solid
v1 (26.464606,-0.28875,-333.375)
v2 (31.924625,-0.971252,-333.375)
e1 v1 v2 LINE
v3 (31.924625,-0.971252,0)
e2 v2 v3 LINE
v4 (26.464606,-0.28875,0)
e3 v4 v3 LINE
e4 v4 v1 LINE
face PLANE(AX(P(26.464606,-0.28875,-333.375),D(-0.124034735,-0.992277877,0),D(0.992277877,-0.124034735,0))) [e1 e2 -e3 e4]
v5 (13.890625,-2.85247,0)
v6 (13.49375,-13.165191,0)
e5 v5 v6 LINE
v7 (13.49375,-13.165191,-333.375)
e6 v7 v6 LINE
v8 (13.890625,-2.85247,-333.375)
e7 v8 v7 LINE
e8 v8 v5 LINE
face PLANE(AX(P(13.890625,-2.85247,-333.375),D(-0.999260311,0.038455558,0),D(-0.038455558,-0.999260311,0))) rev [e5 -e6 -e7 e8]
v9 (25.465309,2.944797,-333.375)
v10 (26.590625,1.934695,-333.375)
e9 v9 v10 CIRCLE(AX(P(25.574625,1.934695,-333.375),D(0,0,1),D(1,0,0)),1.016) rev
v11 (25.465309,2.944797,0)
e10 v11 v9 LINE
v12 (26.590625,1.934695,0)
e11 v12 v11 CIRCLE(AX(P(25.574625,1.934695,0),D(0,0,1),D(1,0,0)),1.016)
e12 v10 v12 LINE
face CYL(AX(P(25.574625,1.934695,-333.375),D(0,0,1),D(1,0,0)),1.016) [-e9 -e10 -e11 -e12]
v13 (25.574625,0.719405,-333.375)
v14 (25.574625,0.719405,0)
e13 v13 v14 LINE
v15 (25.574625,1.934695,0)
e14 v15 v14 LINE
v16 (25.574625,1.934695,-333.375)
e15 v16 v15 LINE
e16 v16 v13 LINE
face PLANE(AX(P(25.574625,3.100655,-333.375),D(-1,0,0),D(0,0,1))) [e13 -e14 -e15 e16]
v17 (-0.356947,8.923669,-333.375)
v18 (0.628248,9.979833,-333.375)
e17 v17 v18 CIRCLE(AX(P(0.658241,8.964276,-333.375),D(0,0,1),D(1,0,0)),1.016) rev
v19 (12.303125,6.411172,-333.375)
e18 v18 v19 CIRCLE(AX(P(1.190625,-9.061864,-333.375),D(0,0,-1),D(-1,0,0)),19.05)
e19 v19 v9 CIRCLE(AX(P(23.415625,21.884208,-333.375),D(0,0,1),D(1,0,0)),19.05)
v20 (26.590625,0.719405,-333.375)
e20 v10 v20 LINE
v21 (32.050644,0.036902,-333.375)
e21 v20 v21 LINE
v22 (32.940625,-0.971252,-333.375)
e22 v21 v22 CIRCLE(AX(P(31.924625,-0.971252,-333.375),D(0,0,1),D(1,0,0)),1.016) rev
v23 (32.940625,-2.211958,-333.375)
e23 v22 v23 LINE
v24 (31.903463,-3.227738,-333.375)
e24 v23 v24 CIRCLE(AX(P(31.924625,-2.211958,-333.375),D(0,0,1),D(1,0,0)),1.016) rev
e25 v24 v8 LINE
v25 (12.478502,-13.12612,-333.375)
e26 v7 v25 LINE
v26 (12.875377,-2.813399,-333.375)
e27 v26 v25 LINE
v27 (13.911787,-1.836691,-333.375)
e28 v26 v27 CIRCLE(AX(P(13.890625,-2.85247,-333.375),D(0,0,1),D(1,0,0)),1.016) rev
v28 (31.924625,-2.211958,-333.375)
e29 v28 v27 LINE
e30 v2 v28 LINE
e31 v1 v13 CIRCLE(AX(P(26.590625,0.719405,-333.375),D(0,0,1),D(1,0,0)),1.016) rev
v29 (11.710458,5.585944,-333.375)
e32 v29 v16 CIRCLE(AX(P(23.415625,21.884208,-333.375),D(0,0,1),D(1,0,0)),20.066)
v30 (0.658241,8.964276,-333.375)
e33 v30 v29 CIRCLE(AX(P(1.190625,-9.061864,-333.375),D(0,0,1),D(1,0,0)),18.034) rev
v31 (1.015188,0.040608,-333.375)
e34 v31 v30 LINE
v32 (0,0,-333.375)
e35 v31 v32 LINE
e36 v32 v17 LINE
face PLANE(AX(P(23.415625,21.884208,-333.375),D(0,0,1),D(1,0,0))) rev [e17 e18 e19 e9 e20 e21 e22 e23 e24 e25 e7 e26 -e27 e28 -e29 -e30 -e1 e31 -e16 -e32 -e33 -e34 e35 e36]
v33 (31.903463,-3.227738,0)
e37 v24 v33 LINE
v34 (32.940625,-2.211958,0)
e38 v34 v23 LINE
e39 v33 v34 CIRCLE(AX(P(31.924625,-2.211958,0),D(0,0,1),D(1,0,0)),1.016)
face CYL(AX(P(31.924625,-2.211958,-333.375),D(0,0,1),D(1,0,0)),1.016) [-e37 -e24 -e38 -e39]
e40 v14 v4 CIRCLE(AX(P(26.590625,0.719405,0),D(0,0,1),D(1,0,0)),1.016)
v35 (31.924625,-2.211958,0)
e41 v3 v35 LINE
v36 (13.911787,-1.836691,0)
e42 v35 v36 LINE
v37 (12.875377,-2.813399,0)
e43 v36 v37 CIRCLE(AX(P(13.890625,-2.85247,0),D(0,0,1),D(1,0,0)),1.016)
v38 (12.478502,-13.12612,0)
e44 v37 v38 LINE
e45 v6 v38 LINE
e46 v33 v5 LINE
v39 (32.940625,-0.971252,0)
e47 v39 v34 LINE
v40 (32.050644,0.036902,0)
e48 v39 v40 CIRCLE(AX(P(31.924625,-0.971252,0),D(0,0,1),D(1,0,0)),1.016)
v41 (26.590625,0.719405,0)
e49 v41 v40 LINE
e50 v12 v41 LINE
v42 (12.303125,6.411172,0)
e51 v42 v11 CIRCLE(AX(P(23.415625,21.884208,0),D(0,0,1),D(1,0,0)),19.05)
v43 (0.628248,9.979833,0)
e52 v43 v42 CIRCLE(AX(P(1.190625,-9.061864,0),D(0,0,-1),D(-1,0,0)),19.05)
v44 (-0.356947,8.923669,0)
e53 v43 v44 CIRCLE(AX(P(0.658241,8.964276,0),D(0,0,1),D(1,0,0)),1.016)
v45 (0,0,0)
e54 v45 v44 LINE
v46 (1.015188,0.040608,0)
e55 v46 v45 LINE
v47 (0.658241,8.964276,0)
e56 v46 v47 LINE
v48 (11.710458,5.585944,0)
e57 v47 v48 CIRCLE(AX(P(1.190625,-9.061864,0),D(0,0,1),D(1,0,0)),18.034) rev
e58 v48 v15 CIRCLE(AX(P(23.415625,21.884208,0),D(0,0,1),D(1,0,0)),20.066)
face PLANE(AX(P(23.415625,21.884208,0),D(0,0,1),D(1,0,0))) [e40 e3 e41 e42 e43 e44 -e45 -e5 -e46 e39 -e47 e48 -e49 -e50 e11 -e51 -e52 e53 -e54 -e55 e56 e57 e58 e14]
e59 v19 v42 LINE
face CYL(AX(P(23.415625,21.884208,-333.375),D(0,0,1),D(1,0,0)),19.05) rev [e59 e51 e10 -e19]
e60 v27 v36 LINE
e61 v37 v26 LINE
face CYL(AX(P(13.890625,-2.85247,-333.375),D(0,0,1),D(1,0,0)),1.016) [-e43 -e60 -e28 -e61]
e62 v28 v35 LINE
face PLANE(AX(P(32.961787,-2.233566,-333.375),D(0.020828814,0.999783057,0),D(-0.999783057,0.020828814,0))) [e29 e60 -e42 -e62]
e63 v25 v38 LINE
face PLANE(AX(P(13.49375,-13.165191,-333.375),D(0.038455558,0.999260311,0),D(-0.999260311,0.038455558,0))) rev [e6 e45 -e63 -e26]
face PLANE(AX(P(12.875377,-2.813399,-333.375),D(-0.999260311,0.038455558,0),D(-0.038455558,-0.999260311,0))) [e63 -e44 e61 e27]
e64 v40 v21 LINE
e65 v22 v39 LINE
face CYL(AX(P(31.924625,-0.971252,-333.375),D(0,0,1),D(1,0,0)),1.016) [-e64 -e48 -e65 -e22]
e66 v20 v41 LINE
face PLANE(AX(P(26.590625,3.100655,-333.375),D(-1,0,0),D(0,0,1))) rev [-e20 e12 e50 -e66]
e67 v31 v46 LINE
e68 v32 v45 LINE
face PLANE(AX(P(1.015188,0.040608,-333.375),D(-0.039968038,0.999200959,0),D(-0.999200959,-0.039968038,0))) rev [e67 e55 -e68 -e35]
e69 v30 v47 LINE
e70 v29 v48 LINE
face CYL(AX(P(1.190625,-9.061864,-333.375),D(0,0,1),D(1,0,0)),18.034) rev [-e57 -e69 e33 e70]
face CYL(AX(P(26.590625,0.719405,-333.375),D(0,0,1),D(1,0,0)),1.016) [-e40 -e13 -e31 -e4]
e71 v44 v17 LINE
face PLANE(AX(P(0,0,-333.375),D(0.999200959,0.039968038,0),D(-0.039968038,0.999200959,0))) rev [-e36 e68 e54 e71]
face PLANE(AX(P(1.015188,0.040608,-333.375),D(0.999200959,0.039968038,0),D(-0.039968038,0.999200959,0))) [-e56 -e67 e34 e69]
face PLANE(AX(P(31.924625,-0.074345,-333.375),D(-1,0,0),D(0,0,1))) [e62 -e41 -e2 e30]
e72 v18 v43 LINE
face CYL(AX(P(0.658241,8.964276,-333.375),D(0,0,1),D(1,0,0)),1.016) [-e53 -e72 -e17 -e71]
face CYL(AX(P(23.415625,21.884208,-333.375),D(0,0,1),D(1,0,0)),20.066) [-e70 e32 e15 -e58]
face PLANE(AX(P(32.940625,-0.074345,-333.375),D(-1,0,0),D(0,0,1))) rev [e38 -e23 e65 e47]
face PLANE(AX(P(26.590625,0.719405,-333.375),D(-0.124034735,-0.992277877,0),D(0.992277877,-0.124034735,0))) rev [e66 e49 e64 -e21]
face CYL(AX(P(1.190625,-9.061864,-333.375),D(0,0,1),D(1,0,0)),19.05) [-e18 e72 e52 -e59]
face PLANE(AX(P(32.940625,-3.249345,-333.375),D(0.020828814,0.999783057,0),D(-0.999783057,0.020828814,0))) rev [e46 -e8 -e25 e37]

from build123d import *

# Parameters (mm, degrees)
EXTRUDE_THIN1_DEPTH = 333.375
FILLET1_R           = 1.016


with BuildPart() as part:
    # Sketch1 → Extrude-Thin1 (new body)
    with BuildSketch(Plane.XY):
        with BuildLine():
            Line((0, 0), (-0.396875, 9.921875))
            ThreePointArc((-0.396875, 9.921875), (6.266318546, 9.299504076), (12.303125, 6.411172093))
            ThreePointArc((12.303125, 6.411172093), (19.115525264, 3.32587731), (26.590625, 3.100654804))
            Line((26.590625, 3.100654804), (26.590625, 0.719404804))
            Line((26.590625, 0.719404804), (32.940625, -0.074345196))
            Line((32.940625, -0.074345196), (32.940625, -3.249345196))
            Line((32.940625, -3.249345196), (13.890625, -2.852470196))
            Line((13.890625, -2.852470196), (13.49375, -13.165191036))
            Line((13.49375, -13.165191036), (12.478501524, -13.126120189))
            Line((12.478501524, -13.126120189), (12.913764372, -1.815898471))
            Line((12.913764372, -1.815898471), (31.924625, -2.211958067))
            Line((31.924625, -2.211958067), (31.924625, -0.97125193))
            Line((31.924625, -0.97125193), (25.574625, -0.17750193))
            Line((25.574625, -0.17750193), (25.574625, 1.934694963))
            ThreePointArc((25.574625, 1.934694963), (18.305318895, 2.479849648), (11.710458333, 5.585943505))
            ThreePointArc((11.710458333, 5.585943505), (6.462301295, 8.184427992), (0.658241432, 8.964276082))
            Line((0.658241432, 8.964276082), (1.015188174, 0.040607527))
            Line((1.015188174, 0.040607527), (0, 0))
        make_face()
    extrude(amount=-EXTRUDE_THIN1_DEPTH)

    # Fillet1
    fillet1_edges = [part.edges().sort_by_distance(p)[0] for p in [
        (12.913764372, -1.815898471, -166.6875),
        (25.574625, -0.17750193, -166.6875),
        (-0.396875, 9.921875, -166.6875),
        (26.590625, 3.100654804, -166.6875),
        (32.940625, -0.074345196, -166.6875),
        (32.940625, -3.249345196, -166.6875),
    ]]
    fillet(fillet1_edges, radius=FILLET1_R)


solid = part.part
